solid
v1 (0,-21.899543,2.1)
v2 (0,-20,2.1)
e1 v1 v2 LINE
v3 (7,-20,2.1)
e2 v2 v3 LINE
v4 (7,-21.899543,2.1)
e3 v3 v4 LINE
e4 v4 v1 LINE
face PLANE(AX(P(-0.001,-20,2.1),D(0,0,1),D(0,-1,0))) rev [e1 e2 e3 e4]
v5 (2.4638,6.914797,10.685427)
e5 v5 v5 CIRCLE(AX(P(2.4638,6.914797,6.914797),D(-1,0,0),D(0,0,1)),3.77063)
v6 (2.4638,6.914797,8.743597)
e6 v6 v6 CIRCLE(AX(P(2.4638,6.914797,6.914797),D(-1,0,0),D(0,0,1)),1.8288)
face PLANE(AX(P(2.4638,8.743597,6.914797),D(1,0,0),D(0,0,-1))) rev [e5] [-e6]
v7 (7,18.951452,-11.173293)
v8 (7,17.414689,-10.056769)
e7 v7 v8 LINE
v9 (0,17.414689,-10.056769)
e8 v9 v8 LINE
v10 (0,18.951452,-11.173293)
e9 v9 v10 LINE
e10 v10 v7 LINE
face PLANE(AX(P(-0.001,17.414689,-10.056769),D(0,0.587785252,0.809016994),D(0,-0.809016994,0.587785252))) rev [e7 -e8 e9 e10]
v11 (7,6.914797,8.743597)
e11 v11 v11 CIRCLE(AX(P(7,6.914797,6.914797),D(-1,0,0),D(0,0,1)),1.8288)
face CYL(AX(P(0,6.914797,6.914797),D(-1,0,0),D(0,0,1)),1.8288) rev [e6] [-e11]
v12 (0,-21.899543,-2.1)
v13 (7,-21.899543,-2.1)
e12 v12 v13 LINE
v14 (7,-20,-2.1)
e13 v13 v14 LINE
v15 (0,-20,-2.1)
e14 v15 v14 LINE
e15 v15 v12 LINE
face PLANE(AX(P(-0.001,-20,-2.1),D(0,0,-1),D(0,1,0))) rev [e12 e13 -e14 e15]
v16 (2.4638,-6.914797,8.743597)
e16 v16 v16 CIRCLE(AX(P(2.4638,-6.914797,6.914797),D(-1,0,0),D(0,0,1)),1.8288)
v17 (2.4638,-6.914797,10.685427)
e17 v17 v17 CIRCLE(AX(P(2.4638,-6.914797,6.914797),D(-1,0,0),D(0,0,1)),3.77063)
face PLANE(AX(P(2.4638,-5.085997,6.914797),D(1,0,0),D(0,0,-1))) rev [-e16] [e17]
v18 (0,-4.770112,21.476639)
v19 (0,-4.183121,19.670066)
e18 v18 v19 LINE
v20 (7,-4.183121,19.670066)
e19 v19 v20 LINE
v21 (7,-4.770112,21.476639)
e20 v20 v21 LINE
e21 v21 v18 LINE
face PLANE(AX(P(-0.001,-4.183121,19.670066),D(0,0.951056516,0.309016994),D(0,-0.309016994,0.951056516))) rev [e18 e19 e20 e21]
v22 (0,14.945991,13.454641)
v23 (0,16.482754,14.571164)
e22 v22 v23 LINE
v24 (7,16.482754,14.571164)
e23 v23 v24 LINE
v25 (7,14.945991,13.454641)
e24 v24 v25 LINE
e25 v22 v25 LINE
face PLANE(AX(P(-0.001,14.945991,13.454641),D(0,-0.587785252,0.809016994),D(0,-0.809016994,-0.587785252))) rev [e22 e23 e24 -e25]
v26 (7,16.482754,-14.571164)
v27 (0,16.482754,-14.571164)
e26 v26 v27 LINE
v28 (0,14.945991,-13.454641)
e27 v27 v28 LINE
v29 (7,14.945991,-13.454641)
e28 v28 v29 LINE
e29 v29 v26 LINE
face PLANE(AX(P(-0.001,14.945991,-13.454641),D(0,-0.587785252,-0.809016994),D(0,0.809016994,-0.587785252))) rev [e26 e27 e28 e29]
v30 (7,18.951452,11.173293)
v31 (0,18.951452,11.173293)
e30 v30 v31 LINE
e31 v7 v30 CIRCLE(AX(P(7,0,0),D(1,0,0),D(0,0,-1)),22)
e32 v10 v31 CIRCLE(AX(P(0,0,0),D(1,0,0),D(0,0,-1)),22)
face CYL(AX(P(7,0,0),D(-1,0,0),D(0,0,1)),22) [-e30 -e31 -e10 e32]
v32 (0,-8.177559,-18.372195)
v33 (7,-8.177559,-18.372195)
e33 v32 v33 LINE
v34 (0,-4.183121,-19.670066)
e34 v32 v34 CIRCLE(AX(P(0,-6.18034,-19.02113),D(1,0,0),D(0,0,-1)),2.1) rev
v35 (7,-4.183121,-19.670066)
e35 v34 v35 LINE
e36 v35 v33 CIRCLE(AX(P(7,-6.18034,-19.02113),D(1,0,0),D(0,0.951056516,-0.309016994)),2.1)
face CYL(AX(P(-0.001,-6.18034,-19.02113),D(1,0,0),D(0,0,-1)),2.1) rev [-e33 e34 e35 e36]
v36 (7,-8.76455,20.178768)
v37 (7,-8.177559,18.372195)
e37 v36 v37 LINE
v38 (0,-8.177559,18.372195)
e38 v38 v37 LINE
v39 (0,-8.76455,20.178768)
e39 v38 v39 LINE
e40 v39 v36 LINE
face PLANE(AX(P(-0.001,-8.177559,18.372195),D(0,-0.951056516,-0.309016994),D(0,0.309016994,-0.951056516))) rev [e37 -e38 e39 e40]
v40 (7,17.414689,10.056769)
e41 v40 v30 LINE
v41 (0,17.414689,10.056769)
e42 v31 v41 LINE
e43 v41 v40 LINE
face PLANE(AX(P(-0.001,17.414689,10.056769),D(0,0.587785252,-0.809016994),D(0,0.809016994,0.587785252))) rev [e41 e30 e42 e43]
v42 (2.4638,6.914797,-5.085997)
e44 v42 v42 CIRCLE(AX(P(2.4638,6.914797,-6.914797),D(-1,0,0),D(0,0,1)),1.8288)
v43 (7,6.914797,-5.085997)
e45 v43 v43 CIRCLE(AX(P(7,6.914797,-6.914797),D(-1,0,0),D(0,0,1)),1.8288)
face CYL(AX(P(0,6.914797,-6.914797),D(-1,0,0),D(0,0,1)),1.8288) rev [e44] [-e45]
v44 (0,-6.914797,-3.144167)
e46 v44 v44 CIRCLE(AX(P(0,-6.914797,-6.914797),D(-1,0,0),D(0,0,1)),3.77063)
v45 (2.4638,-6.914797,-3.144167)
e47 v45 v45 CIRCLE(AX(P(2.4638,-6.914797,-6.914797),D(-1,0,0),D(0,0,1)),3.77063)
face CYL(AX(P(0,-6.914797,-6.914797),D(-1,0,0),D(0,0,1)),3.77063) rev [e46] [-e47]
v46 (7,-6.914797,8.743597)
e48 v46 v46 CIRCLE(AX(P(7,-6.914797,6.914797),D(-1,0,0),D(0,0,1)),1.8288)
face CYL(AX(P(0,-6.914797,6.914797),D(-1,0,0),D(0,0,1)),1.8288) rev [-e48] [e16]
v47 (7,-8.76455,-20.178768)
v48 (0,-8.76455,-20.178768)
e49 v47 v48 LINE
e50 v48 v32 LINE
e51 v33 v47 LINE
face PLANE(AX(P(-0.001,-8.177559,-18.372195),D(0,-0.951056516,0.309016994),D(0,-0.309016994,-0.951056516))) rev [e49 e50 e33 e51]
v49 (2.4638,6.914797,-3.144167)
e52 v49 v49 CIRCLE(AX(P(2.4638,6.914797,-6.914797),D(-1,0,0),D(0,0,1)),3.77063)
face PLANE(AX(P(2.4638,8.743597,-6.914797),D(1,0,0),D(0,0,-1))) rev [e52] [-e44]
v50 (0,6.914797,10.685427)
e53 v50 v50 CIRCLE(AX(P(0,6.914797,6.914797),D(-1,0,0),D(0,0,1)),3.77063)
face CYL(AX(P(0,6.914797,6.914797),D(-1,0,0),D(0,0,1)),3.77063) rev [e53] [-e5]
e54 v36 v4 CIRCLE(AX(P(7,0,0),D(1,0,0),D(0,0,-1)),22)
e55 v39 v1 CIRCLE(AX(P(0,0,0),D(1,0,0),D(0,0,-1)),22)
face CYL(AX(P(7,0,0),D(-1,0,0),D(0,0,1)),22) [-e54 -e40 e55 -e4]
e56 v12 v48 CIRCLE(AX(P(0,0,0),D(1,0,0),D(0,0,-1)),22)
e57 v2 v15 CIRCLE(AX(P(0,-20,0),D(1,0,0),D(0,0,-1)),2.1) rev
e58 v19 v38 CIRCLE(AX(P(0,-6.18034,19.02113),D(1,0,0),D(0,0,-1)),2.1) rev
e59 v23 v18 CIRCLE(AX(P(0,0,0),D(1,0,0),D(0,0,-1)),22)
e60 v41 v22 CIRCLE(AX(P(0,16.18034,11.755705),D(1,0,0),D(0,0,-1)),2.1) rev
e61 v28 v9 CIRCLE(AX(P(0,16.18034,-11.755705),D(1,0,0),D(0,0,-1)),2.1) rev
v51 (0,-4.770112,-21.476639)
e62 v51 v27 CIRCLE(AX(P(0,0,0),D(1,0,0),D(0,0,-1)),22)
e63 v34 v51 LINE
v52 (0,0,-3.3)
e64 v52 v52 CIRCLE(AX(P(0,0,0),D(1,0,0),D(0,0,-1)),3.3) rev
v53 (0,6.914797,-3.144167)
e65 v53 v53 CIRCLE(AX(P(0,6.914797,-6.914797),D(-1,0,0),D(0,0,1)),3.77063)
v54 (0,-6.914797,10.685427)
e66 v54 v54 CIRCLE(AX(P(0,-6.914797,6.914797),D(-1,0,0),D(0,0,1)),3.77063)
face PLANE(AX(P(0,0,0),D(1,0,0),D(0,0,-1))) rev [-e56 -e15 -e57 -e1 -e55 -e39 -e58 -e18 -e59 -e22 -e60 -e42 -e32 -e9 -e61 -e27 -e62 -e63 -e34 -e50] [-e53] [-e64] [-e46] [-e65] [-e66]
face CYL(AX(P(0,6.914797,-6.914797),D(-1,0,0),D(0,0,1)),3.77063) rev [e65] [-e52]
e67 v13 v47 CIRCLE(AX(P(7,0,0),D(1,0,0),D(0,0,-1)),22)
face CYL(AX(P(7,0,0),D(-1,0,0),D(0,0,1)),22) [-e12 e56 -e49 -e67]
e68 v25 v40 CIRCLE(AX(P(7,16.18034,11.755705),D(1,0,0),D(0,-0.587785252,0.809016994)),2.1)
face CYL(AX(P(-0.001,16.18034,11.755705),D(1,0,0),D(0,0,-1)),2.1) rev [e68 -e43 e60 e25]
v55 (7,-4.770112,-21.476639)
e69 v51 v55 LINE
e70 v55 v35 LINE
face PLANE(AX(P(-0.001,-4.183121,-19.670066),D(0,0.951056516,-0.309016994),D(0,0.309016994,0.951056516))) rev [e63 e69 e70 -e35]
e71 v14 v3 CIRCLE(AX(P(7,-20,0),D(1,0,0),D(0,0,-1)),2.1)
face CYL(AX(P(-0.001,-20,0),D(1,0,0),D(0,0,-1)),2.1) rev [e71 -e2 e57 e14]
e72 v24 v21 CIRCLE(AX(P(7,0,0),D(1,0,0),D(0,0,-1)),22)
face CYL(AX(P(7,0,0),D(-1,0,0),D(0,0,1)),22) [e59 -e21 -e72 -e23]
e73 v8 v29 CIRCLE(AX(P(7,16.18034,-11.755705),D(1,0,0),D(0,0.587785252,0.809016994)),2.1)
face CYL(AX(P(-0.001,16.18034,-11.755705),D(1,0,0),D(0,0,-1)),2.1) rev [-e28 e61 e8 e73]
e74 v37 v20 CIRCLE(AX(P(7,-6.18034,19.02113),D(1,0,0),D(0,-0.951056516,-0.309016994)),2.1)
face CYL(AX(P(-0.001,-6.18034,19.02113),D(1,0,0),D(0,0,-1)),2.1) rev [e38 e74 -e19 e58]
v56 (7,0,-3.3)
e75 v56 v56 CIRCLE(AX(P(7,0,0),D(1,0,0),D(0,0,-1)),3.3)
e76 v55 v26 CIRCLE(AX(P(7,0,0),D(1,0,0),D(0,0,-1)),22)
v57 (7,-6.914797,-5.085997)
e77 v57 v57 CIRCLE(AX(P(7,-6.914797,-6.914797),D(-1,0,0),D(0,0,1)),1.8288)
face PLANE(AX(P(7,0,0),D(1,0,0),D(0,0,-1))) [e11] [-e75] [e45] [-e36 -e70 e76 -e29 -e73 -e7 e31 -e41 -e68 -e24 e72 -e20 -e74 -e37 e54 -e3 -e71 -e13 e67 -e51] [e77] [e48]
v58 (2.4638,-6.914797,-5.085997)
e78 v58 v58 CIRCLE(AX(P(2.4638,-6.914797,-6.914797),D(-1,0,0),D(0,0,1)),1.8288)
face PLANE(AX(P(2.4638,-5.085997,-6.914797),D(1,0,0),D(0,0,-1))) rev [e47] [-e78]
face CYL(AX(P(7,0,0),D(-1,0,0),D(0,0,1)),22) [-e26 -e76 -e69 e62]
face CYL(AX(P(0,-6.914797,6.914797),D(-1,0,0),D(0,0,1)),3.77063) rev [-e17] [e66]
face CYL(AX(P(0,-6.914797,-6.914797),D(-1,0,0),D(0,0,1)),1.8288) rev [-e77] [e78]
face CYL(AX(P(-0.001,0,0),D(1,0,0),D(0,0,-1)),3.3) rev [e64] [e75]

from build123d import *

# Parameters (mm, degrees)
ESQUISSE1_R                                      = 22
BOSS_EXTRU_1_DEPTH                               = 7
ENL_V_MAT_EXTRU_1_REACH                          = 33.89
R_P_TITION_CIRCULAIRE1_COUNT                     = 5
ENL_V_MAT_EXTRU_2_REACH                          = 33.89
ESQUISSE6_R                                      = 3.3
CHAMBRAGE_POUR_VIS_T_TE_RONDE_BOMB_E_D           = 3.6576
CHAMBRAGE_POUR_VIS_T_TE_RONDE_BOMB_E_CBORE_D     = 7.54126
CHAMBRAGE_POUR_VIS_T_TE_RONDE_BOMB_E_CBORE_DEPTH = 2.4638


with BuildPart() as part:
    # Esquisse1 → Boss.-Extru.1 (new body)
    with BuildSketch(Plane(origin=(0, 0, 0), x_dir=(0, 0, -1), z_dir=(1, 0, 0))):
        Circle(ESQUISSE1_R)
    extrude(amount=BOSS_EXTRU_1_DEPTH)

    # Esquisse5 → Enlèv. mat.-Extru.1 (cut, up to next)
    with BuildSketch(Plane(origin=(7, 0, 0), x_dir=(0, 0, -1), z_dir=(1, 0, 0)), mode=Mode.PRIVATE) as enl_v_mat_extru_1_sk1:
        with BuildLine():
            Line((2.1, -20), (2.1, -24))
            ThreePointArc((2.1, -24), (0, -26.1), (-2.1, -24))
            Line((-2.1, -24), (-2.1, -20))
            ThreePointArc((-2.1, -20), (0, -17.9), (2.1, -20))
        make_face()
    enl_v_mat_extru_1_tool1 = extrude(enl_v_mat_extru_1_sk1.sketch, amount=-ENL_V_MAT_EXTRU_1_REACH, mode=Mode.PRIVATE) & part.part
    enl_v_mat_extru_1 = enl_v_mat_extru_1_tool1.solids().sort_by_distance((7, -22, 0))[0]
    add(enl_v_mat_extru_1, mode=Mode.SUBTRACT)

    # Répétition circulaire1: Enlèv. mat.-Extru.1 ×5 about axis
    r_p_tition_circulaire1_axis = Axis((0, 0, 0), (1, 0, 0))
    for i in range(1, R_P_TITION_CIRCULAIRE1_COUNT):
        add(enl_v_mat_extru_1.rotate(r_p_tition_circulaire1_axis, i * 360 / R_P_TITION_CIRCULAIRE1_COUNT), mode=Mode.SUBTRACT)

    # Esquisse6 → Enlèv. mat.-Extru.2 (cut, up to next)
    with BuildSketch(Plane(origin=(7, 0, 0), x_dir=(0, 0, -1), z_dir=(1, 0, 0)), mode=Mode.PRIVATE) as enl_v_mat_extru_2_sk1:
        Circle(ESQUISSE6_R)
    enl_v_mat_extru_2_tool1 = extrude(enl_v_mat_extru_2_sk1.sketch, amount=-ENL_V_MAT_EXTRU_2_REACH, mode=Mode.PRIVATE) & part.part
    add(enl_v_mat_extru_2_tool1.solids().sort_by_distance((7, 0, 0))[0], mode=Mode.SUBTRACT)

    # Chambrage pour vis à tête ronde bombée #61 (through all)
    with Locations(Plane.ZY):
        with Locations((-6.914797213, 6.914797213), (6.914797213, 6.914797213), (6.914797213, -6.914797213), (-6.914797213, -6.914797213)):
            CounterBoreHole(CHAMBRAGE_POUR_VIS_T_TE_RONDE_BOMB_E_D / 2, CHAMBRAGE_POUR_VIS_T_TE_RONDE_BOMB_E_CBORE_D / 2, CHAMBRAGE_POUR_VIS_T_TE_RONDE_BOMB_E_CBORE_DEPTH)


solid = part.part
